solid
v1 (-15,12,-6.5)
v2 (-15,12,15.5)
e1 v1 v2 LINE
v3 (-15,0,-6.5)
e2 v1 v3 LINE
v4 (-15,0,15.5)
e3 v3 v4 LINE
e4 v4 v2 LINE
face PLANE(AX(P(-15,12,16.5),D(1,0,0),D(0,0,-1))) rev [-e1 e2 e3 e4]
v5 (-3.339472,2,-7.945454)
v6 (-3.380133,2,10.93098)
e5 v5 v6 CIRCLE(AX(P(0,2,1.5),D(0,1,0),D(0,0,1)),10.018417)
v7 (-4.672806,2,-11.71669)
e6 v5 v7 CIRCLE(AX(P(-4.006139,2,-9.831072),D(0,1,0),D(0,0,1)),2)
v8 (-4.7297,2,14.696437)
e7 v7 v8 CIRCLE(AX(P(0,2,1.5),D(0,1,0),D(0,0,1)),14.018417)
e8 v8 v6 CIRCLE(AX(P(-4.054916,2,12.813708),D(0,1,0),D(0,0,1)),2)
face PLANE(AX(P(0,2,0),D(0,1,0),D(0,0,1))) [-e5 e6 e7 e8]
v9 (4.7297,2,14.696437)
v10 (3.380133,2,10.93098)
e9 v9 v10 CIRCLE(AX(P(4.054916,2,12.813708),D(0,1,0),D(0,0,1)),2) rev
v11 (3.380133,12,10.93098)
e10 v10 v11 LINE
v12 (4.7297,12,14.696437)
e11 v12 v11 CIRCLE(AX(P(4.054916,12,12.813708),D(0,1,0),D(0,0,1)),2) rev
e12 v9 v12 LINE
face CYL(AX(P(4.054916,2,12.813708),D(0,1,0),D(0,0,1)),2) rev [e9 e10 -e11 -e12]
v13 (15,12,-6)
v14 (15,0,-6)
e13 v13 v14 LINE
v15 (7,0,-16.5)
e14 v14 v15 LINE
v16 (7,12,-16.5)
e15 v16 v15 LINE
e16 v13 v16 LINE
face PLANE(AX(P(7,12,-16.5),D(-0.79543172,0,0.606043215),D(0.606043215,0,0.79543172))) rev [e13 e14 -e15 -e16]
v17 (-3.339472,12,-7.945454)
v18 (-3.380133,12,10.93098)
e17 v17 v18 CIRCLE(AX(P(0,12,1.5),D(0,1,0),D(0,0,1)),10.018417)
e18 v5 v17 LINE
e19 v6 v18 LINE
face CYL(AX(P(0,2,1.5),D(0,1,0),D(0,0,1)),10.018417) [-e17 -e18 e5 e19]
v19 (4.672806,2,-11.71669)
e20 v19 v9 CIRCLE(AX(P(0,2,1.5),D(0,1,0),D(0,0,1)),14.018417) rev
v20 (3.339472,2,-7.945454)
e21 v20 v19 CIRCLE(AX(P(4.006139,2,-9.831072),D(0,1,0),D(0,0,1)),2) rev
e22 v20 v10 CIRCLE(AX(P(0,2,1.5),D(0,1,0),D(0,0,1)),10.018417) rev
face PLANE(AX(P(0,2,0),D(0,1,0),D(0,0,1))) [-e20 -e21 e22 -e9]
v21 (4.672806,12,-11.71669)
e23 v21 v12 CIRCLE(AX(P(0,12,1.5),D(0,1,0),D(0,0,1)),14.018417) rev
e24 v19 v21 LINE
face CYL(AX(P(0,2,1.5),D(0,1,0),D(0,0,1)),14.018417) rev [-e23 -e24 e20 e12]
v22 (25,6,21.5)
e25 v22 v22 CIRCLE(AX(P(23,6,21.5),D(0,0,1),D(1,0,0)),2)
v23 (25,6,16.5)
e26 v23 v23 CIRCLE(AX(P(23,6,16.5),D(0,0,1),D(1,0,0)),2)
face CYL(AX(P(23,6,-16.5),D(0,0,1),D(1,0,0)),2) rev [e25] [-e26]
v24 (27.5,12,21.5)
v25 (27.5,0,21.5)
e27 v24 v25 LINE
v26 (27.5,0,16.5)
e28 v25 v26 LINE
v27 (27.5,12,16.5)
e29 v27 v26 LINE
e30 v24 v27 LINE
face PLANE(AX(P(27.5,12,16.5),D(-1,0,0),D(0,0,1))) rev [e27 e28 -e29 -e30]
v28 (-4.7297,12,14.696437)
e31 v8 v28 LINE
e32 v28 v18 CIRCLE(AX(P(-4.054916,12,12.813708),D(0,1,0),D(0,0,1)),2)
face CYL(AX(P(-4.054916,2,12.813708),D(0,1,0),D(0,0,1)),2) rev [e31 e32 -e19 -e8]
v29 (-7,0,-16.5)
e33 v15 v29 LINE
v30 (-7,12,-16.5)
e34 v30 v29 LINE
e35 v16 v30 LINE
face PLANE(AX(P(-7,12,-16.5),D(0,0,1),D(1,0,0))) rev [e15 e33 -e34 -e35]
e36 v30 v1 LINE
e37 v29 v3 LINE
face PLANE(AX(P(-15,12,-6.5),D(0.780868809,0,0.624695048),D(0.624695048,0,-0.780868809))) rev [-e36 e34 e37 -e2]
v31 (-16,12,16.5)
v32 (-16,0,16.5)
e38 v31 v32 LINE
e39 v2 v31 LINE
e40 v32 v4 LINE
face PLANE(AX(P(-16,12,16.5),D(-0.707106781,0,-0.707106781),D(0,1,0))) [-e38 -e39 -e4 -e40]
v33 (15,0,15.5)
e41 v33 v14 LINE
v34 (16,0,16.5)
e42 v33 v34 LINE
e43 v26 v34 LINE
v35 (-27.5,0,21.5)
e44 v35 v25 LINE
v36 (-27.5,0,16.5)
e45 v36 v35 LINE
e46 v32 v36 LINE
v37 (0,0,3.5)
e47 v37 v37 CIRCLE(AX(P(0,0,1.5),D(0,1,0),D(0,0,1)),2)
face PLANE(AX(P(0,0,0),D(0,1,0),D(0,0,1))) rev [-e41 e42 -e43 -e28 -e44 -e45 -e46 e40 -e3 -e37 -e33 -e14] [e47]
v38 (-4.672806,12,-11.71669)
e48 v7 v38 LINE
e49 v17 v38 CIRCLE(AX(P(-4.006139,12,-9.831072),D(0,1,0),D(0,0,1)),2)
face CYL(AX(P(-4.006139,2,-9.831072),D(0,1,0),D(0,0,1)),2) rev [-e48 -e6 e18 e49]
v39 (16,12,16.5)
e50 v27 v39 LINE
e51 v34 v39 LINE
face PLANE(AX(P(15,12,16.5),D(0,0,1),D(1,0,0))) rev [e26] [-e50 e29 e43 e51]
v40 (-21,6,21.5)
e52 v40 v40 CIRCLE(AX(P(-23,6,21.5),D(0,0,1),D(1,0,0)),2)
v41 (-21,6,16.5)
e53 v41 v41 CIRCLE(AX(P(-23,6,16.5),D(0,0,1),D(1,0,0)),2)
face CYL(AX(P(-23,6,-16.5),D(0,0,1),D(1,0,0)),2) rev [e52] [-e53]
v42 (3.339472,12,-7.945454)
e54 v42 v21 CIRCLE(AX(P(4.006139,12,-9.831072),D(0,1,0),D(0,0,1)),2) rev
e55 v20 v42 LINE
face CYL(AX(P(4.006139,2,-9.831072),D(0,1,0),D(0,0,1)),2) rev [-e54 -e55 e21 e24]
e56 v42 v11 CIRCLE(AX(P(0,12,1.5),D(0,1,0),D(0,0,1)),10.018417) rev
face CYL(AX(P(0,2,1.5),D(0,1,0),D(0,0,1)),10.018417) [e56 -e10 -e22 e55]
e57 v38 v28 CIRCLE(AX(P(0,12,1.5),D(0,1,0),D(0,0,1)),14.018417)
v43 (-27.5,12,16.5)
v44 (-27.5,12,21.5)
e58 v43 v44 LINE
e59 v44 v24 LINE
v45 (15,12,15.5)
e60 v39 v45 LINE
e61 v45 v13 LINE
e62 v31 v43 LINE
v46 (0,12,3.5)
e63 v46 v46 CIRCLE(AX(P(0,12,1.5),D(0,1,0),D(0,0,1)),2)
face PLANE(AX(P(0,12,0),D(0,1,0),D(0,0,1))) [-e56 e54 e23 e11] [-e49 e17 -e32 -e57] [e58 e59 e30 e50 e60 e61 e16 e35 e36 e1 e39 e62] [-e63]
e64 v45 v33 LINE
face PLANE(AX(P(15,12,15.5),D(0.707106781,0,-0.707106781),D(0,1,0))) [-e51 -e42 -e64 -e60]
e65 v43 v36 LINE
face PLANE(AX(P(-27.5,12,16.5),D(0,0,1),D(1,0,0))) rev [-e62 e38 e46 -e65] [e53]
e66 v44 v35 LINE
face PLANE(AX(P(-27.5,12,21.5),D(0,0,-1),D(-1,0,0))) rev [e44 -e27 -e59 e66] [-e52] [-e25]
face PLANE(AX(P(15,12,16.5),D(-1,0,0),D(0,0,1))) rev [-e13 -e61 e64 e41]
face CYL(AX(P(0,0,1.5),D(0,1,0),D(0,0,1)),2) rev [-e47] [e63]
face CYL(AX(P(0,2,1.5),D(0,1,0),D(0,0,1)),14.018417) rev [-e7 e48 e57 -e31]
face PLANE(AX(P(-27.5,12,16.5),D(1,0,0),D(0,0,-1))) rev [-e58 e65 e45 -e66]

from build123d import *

# Parameters (mm, degrees)
BOSS_EXTRUDE1_DEPTH = 12
SKETCH2_R           = 2
CUT_EXTRUDE1_DEPTH  = 49.41745553
CUT_EXTRUDE2_DEPTH  = 10
CUT_EXTRUDE3_DEPTH  = 37.912057651
CHAMFER1_SIZE       = 1


with BuildPart() as part:
    # Sketch1 → Boss-Extrude1 (new body)
    with BuildSketch(Plane(origin=(0, 0, 0), x_dir=(1, 0, 0), z_dir=(0, 1, 0))):
        Polygon((15, -16.5), (27.5, -16.5), (27.5, -21.5), (-27.5, -21.5), (-27.5, -16.5), (-15, -16.5), (-15, 6.5), (-7, 16.5), (7, 16.5), (15, 6), align=None)
    extrude(amount=BOSS_EXTRUDE1_DEPTH)

    # Sketch2 → Cut-Extrude1 (cut, through all)
    with BuildSketch(Plane.XY.offset(21.5)):
        with Locations((-23, 6)):
            Circle(SKETCH2_R)
        with Locations((23, 6)):
            Circle(SKETCH2_R)
    extrude(amount=-CUT_EXTRUDE1_DEPTH, mode=Mode.SUBTRACT)

    # Sketch3 → Cut-Extrude2 (cut)
    with BuildSketch(Plane(origin=(0, 12, 0), x_dir=(1, 0, 0), z_dir=(0, 1, 0))):
        with BuildLine():
            ThreePointArc((-3.339472326, 7.945454111), (-2.12052091, 10.49773886), (-4.67280566, 11.716690277))
            ThreePointArc((-4.67280566, 11.716690277), (-14.018384458, -1.469804084), (-4.729700131, -14.696437068))
            ThreePointArc((-4.729700131, -14.696437068), (-2.172187792, -13.488492269), (-3.380132591, -10.93097993))
            ThreePointArc((-3.380132591, -10.93097993), (-10.018393738, -1.478420154), (-3.339472326, 7.945454111))
        make_face()
        with BuildLine():
            ThreePointArc((4.729700131, -14.696437068), (14.018384458, -1.469804084), (4.67280566, 11.716690277))
            ThreePointArc((4.67280566, 11.716690277), (2.12052091, 10.49773886), (3.339472326, 7.945454111))
            ThreePointArc((3.339472326, 7.945454111), (10.018393738, -1.478420154), (3.380132591, -10.93097993))
            ThreePointArc((3.380132591, -10.93097993), (2.172187792, -13.488492269), (4.729700131, -14.696437068))
        make_face()
    extrude(amount=-CUT_EXTRUDE2_DEPTH, mode=Mode.SUBTRACT)

    # Sketch3<7> → Cut-Extrude3 (cut, through all)
    with BuildSketch(Plane(origin=(0, 12, 0), x_dir=(1, 0, 0), z_dir=(0, 1, 0))):
        with BuildLine():
            ThreePointArc((0, 0.5), (-1.414213562, -2.914213562), (2, -1.5))
            ThreePointArc((2, -1.5), (1.414213562, -0.085786438), (0, 0.5))
        make_face()
    extrude(amount=-CUT_EXTRUDE3_DEPTH, mode=Mode.SUBTRACT)

    # Chamfer1
    chamfer1_edges = [part.edges().sort_by_distance(p)[0] for p in [
        (-15, 6, 16.5),
        (15, 6, 16.5),
    ]]
    chamfer(chamfer1_edges, length=CHAMFER1_SIZE)


solid = part.part
